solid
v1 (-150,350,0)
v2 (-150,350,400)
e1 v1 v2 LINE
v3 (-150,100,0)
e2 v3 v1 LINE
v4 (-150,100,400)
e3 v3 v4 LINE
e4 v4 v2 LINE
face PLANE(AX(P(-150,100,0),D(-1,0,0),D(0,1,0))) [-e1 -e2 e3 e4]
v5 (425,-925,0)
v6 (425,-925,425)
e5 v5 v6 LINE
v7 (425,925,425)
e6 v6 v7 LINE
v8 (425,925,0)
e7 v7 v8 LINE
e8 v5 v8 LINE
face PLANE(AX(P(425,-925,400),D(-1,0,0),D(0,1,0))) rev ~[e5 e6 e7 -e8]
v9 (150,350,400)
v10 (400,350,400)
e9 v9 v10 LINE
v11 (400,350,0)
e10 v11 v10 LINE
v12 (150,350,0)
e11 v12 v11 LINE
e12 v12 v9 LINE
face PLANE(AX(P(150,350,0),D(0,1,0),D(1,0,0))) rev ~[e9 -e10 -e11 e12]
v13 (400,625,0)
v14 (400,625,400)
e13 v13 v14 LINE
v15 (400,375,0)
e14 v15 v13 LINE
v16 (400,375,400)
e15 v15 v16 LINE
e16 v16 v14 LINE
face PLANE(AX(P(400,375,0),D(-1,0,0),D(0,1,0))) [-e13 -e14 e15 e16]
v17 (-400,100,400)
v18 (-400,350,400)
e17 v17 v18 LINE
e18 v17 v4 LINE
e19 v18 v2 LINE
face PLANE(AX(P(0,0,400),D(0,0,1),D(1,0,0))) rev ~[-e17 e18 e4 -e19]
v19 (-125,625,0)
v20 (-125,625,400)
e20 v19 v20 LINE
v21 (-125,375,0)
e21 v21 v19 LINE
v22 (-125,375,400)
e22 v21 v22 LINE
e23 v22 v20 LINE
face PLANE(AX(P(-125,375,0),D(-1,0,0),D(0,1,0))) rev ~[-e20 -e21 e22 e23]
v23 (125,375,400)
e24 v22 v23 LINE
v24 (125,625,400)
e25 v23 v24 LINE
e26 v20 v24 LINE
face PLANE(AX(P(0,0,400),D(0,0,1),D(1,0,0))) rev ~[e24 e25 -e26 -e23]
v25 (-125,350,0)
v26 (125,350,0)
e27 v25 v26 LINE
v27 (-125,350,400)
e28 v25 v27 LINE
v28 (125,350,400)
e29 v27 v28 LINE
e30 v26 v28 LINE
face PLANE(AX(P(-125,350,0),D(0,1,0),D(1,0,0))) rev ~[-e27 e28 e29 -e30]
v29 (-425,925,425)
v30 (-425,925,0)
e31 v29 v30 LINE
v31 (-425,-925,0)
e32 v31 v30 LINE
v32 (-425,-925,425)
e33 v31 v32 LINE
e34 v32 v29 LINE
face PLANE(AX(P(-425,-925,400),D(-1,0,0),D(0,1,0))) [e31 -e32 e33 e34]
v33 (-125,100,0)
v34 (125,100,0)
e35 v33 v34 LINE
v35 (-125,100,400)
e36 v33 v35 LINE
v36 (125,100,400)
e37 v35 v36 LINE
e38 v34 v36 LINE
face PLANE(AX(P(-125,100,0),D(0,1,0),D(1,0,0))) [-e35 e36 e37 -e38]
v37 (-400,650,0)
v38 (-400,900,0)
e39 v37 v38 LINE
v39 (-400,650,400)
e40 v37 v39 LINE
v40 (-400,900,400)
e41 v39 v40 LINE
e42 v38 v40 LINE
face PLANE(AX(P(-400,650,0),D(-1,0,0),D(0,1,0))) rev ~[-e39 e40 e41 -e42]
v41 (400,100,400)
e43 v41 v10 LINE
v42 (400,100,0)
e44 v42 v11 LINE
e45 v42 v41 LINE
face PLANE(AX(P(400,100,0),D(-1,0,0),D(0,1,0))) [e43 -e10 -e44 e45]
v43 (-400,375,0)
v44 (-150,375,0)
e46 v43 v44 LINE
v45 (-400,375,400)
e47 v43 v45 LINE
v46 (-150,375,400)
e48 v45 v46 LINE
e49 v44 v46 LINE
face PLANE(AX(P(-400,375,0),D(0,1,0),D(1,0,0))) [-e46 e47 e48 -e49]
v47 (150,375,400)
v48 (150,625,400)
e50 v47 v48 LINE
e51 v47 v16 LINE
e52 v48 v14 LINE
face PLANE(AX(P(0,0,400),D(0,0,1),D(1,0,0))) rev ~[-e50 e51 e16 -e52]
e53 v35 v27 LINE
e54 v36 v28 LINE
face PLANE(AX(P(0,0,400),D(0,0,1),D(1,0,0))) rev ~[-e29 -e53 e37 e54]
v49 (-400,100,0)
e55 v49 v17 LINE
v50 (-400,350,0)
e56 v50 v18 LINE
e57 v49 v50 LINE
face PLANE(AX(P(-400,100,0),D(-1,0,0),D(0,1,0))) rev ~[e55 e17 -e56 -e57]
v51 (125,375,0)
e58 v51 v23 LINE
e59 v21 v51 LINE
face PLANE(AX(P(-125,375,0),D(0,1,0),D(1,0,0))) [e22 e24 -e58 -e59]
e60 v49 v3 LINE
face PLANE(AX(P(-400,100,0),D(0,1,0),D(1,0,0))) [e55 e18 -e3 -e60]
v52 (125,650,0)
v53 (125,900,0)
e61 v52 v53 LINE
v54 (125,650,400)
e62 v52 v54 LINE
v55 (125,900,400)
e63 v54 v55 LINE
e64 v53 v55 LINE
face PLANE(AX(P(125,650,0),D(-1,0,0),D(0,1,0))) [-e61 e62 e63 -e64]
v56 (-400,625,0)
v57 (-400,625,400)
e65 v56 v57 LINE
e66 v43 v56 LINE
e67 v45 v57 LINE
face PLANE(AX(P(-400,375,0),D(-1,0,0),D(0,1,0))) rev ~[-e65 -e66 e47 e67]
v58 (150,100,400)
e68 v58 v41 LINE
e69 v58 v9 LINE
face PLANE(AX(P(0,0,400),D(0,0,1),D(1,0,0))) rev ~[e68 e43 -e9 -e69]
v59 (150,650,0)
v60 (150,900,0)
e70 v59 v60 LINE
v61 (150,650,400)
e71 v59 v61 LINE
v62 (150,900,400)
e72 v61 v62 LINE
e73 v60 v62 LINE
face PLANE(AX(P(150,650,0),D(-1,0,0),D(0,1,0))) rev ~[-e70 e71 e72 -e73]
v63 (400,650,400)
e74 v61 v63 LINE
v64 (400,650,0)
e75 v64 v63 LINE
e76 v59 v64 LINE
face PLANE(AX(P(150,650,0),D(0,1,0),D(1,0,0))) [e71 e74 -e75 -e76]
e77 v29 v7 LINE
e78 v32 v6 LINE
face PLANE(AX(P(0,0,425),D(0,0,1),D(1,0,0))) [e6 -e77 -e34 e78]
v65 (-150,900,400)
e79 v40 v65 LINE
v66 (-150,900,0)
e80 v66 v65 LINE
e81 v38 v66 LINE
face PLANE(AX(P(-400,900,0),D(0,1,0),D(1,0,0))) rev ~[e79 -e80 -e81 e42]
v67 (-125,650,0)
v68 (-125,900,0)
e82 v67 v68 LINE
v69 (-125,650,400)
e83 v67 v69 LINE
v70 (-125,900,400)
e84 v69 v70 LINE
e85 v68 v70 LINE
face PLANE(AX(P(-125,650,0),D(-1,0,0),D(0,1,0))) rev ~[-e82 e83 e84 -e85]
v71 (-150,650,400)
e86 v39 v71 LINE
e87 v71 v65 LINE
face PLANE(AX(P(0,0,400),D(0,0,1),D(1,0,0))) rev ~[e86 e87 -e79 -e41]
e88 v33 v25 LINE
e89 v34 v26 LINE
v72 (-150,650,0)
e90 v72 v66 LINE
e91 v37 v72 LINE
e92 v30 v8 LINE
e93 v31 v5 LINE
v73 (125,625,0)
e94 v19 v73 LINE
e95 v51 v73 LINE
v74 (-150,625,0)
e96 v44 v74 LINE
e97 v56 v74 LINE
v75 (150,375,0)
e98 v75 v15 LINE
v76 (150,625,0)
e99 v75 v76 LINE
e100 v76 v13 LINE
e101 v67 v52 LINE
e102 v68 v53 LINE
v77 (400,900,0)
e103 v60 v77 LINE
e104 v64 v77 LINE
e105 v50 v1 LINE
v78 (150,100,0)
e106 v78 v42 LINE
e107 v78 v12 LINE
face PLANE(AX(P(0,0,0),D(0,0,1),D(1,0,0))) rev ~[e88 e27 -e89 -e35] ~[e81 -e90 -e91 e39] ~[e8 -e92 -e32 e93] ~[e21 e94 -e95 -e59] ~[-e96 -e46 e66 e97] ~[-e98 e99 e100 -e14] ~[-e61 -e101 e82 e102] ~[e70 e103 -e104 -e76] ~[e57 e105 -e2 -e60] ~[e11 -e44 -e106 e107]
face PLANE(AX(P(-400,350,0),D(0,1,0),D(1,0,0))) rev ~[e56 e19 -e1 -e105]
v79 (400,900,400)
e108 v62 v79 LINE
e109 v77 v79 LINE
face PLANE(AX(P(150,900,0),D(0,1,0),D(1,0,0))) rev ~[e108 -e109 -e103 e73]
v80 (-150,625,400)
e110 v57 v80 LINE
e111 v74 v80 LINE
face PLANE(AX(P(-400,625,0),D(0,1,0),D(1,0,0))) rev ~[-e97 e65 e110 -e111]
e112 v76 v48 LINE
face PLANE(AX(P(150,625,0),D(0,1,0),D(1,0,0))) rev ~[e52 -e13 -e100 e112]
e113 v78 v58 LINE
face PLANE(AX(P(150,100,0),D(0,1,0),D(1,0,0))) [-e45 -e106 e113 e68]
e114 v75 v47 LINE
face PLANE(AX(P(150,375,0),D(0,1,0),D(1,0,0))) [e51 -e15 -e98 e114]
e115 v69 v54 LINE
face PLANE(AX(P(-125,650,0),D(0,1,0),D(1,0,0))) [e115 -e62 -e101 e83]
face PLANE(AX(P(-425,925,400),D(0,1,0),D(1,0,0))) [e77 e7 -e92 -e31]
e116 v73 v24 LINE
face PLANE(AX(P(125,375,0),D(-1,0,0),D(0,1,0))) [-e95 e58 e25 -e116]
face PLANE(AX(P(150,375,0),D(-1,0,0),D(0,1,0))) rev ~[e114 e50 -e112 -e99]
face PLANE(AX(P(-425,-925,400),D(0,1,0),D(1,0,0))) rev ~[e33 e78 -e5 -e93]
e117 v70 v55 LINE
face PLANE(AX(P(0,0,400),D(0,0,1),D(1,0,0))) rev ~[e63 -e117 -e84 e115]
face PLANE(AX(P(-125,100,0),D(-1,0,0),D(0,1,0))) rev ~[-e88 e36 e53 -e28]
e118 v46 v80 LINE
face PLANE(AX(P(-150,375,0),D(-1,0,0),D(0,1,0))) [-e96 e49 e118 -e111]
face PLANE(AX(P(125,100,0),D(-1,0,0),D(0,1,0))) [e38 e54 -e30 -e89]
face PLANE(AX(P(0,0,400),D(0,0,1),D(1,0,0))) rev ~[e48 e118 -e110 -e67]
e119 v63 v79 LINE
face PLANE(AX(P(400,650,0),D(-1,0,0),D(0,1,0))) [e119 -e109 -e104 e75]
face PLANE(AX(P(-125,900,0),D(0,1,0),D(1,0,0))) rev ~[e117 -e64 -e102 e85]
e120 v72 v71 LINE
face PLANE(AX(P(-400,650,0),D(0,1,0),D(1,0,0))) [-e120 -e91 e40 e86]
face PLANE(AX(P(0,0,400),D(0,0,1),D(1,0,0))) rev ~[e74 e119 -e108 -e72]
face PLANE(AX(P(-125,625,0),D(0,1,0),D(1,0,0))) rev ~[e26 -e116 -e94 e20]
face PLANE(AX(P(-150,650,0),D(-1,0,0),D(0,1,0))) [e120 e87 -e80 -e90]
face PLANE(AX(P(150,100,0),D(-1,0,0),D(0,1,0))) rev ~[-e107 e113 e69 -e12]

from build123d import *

# Parameters (mm, degrees)
SKETCH1_W           = 850
SKETCH1_H           = 1850
SKETCH1_W_2         = 250
SKETCH1_H_2         = 250
BOSS_EXTRUDE1_DEPTH = 400
SKETCH2_W           = 850
SKETCH2_H           = 1850
BOSS_EXTRUDE2_DEPTH = 25


with BuildPart() as part:
    # Sketch1 → Boss-Extrude1 (new body)
    with BuildSketch(Plane.XY):
        Rectangle(SKETCH1_W, SKETCH1_H)
        with Locations((275, 500)):
            Rectangle(SKETCH1_W_2, SKETCH1_H_2, mode=Mode.SUBTRACT)
        with Locations((275, 775)):
            Rectangle(SKETCH1_W_2, SKETCH1_H_2, mode=Mode.SUBTRACT)
        with Locations((0, 775)):
            Rectangle(SKETCH1_W_2, SKETCH1_H_2, mode=Mode.SUBTRACT)
        with Locations((-275, 775)):
            Rectangle(SKETCH1_W_2, SKETCH1_H_2, mode=Mode.SUBTRACT)
        with Locations((0, 500)):
            Rectangle(SKETCH1_W_2, SKETCH1_H_2, mode=Mode.SUBTRACT)
        with Locations((-275, 500)):
            Rectangle(SKETCH1_W_2, SKETCH1_H_2, mode=Mode.SUBTRACT)
        with Locations((275, 225)):
            Rectangle(SKETCH1_W_2, SKETCH1_H_2, mode=Mode.SUBTRACT)
        with Locations((0, 225)):
            Rectangle(SKETCH1_W_2, SKETCH1_H_2, mode=Mode.SUBTRACT)
        with Locations((-275, 225)):
            Rectangle(SKETCH1_W_2, SKETCH1_H_2, mode=Mode.SUBTRACT)
    extrude(amount=BOSS_EXTRUDE1_DEPTH)

    # Sketch2 → Boss-Extrude2 (add)
    with BuildSketch(Plane.XY.offset(400)):
        Rectangle(SKETCH2_W, SKETCH2_H)
    extrude(amount=BOSS_EXTRUDE2_DEPTH)


solid = part.part
